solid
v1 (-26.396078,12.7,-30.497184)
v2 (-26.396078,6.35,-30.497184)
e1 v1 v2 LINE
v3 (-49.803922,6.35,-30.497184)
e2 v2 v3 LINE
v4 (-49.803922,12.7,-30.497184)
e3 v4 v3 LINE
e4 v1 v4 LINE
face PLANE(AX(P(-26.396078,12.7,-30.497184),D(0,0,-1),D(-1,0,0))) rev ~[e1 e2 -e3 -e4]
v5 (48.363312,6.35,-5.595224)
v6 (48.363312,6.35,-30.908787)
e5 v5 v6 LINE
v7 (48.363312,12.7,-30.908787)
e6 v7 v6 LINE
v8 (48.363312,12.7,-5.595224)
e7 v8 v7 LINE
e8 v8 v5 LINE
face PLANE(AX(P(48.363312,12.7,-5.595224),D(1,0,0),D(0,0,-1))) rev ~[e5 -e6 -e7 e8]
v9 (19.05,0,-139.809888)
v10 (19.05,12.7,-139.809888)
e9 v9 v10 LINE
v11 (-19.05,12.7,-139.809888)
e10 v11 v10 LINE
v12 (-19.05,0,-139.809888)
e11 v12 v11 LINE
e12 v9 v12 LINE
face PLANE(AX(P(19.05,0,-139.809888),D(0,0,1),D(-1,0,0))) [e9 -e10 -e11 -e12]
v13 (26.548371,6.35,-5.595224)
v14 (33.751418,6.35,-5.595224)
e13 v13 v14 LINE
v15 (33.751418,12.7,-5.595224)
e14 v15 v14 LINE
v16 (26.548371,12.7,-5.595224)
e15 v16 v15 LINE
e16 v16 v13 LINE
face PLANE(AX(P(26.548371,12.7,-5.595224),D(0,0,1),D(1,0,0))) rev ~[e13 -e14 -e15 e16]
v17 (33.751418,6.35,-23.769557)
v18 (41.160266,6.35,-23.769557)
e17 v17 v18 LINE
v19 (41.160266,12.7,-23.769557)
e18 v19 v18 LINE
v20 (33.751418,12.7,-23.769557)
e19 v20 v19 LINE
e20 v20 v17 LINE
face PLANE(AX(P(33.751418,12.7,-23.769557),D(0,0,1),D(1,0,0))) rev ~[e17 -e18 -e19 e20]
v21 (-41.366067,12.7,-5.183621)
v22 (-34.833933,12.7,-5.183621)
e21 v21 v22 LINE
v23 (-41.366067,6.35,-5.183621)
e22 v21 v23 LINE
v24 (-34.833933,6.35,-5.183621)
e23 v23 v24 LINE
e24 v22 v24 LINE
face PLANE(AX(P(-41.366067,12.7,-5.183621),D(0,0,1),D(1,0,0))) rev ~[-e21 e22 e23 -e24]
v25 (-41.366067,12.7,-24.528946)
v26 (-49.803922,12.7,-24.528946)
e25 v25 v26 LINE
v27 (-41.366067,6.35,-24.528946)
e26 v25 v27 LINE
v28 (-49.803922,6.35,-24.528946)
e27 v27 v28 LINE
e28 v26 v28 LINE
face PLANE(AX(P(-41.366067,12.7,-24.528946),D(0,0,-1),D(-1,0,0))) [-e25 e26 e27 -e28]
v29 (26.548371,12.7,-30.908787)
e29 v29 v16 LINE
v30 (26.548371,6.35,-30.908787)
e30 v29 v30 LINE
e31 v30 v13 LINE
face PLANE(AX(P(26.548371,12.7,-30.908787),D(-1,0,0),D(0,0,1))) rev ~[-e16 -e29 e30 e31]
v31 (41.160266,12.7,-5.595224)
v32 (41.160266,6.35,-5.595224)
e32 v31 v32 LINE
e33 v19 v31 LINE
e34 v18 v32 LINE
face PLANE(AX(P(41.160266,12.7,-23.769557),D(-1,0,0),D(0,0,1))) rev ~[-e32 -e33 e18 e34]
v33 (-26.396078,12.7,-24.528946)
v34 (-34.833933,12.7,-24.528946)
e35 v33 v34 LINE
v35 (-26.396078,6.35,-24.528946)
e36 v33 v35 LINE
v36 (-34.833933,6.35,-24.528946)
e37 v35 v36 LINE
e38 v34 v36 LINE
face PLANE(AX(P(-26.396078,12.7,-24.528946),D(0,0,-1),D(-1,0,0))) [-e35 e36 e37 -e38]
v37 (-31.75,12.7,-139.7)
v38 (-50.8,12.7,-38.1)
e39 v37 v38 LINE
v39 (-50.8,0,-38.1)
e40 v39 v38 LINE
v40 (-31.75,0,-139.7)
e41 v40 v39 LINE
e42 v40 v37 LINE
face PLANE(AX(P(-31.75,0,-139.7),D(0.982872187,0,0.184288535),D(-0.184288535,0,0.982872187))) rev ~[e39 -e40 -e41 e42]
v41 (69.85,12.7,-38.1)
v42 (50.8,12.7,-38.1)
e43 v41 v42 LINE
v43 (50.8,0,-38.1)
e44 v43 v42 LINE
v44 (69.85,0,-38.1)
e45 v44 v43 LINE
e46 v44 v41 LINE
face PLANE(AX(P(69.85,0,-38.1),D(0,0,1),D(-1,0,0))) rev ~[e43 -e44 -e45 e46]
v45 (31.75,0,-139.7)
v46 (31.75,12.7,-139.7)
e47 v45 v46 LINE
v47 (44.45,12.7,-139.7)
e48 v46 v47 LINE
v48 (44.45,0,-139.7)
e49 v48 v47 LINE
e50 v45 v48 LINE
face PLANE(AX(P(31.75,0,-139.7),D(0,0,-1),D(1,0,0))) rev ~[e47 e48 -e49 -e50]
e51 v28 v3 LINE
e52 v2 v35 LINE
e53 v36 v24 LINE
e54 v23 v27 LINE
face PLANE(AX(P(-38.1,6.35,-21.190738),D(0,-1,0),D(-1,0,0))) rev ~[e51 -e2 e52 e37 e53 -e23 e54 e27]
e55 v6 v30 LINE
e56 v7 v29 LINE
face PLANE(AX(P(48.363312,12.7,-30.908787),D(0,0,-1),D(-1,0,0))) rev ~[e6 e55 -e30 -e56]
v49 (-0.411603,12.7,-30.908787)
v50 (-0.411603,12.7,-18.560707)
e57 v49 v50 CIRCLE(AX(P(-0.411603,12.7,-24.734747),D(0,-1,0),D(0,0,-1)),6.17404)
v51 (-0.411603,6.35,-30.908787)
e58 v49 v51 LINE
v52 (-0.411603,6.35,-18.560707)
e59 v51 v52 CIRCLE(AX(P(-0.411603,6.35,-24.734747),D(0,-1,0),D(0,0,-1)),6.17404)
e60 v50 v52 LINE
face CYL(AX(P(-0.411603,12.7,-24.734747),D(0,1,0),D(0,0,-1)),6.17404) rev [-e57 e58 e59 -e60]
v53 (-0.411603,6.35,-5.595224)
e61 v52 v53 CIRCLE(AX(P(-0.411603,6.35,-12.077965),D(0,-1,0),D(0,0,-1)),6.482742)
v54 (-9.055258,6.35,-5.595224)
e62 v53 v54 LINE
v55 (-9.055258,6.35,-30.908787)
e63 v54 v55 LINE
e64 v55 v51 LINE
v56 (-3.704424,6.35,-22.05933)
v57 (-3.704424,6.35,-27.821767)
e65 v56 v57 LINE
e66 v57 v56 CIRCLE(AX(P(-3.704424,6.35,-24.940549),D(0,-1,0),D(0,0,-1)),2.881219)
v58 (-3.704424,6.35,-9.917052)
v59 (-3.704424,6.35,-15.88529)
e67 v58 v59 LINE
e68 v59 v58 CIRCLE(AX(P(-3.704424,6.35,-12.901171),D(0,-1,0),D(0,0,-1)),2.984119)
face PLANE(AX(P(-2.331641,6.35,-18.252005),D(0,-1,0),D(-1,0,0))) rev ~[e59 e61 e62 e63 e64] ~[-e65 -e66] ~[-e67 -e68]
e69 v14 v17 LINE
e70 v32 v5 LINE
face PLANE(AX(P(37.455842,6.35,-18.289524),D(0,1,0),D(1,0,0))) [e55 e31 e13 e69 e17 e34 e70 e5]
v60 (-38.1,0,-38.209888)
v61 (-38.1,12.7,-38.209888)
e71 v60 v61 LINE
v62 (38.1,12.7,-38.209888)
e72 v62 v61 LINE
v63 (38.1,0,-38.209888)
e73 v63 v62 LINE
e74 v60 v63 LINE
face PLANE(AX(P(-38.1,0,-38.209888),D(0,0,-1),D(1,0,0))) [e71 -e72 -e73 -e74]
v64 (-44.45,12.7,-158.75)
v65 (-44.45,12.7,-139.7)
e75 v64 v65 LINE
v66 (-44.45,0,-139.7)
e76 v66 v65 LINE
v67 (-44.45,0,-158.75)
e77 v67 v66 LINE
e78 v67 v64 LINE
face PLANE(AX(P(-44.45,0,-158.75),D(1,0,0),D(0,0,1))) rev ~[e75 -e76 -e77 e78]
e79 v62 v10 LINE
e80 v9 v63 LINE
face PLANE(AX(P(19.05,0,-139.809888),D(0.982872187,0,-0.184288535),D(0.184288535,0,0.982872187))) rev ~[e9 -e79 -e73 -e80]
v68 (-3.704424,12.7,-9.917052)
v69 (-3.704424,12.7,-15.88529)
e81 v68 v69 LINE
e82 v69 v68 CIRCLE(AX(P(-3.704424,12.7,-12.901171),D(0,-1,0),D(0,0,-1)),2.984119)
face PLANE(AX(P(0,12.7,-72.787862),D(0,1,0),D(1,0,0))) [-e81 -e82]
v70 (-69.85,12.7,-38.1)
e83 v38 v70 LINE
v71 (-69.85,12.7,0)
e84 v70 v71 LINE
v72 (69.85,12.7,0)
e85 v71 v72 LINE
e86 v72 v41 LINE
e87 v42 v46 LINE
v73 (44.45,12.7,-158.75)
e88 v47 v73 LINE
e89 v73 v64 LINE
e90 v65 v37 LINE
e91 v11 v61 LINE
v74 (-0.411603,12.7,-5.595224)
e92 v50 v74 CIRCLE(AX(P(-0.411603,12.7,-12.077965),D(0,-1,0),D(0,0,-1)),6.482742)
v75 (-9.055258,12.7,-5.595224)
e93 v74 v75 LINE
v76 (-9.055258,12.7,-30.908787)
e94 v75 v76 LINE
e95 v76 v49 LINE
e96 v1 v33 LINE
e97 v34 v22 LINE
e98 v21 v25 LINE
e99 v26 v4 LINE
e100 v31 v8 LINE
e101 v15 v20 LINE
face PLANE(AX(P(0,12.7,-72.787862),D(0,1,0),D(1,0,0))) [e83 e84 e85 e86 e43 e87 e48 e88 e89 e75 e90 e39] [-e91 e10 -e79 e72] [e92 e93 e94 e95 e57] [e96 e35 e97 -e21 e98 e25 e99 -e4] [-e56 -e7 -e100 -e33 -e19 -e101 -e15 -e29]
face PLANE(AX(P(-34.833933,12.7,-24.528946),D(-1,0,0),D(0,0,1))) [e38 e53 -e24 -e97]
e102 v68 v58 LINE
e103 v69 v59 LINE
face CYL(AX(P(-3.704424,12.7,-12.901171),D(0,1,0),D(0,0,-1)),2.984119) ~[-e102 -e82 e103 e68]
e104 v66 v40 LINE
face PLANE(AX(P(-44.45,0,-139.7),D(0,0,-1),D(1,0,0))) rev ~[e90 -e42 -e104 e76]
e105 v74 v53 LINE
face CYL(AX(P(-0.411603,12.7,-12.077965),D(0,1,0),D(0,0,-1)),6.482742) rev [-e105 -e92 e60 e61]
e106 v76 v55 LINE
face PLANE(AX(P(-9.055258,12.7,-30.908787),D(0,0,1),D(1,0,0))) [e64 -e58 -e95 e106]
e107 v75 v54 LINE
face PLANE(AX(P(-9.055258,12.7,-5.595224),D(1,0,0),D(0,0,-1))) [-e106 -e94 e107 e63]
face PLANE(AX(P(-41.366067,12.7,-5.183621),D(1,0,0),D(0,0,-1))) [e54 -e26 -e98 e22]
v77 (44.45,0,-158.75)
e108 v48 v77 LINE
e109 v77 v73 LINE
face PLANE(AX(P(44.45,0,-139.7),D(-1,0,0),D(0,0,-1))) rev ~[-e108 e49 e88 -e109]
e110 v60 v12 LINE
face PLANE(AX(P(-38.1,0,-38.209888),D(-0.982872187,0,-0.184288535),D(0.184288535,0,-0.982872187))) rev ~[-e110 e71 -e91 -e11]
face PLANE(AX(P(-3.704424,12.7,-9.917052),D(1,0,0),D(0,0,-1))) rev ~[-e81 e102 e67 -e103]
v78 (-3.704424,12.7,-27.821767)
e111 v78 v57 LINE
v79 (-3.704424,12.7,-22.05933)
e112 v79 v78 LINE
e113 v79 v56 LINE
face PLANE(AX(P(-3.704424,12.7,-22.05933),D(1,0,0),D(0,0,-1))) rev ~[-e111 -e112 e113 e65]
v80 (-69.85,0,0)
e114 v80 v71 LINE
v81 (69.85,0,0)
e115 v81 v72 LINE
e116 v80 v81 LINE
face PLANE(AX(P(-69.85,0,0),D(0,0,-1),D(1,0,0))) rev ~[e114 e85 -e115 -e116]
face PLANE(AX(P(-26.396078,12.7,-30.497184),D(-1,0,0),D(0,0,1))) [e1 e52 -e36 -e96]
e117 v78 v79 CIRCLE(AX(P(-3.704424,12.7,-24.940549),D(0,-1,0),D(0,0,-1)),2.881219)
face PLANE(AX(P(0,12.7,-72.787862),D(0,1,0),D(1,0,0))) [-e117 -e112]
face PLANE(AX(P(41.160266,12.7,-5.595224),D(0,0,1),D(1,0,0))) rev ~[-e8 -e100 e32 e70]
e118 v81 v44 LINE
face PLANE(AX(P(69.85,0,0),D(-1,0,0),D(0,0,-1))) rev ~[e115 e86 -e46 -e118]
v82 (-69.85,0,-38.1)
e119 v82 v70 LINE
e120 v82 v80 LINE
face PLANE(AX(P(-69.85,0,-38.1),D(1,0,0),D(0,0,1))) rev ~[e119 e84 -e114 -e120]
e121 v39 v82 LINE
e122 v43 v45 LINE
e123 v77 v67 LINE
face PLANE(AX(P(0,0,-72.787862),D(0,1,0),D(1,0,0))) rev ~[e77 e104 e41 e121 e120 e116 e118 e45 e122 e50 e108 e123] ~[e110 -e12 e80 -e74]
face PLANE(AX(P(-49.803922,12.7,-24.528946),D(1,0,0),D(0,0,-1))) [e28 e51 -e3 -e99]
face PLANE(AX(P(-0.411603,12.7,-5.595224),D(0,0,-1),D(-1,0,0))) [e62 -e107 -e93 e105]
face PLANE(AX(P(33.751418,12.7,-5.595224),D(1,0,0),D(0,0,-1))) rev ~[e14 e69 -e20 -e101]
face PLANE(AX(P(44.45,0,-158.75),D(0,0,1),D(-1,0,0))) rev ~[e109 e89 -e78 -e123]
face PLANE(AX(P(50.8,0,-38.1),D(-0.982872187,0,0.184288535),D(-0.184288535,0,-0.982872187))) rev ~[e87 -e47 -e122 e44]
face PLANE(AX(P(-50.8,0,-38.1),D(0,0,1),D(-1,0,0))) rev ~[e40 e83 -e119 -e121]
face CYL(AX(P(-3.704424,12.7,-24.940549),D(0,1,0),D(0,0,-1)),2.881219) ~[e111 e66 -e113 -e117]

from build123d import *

# Parameters (mm, degrees)
BOSS_EXTRUDE1_DEPTH     = 12.7
CUT_EXTRUDE2_DEPTH      = 33.274
CUT_EXTRUDE2_DEPTH_BACK = 25.4
CUT_EXTRUDE3_DEPTH      = 6.35
CUT_EXTRUDE4_DEPTH      = 6.35
CUT_EXTRUDE5_DEPTH      = 6.35


with BuildPart() as part:
    # Sketch1 → Boss-Extrude1 (new body)
    with BuildSketch(Plane(origin=(0, 0, 0), x_dir=(1, 0, 0), z_dir=(0, 1, 0))):
        Polygon((-69.85, 0), (0, 0), (69.85, 0), (69.85, 38.1), (50.8, 38.1), (31.75, 139.7), (44.45, 139.7), (44.45, 158.75), (0, 158.75), (-44.45, 158.75), (-44.45, 139.7), (-31.75, 139.7), (-50.8, 38.1), (-69.85, 38.1), align=None)
    extrude(amount=BOSS_EXTRUDE1_DEPTH)

    # Sketch3 → Cut-Extrude2 (cut, two sides)
    with BuildSketch(Plane(origin=(0, 0, 0), x_dir=(1, 0, 0), z_dir=(0, 1, 0))) as cut_extrude2_sk:
        Polygon((0, 38.209887603), (-38.1, 38.209887603), (-19.05, 139.809887603), (0, 139.809887603), (19.05, 139.809887603), (38.1, 38.209887603), align=None)
    extrude(amount=CUT_EXTRUDE2_DEPTH, mode=Mode.SUBTRACT)
    extrude(cut_extrude2_sk.sketch, amount=-CUT_EXTRUDE2_DEPTH_BACK, mode=Mode.SUBTRACT)

    # Sketch4 → Cut-Extrude3 (cut)
    with BuildSketch(Plane(origin=(0, 12.7, 0), x_dir=(1, 0, 0), z_dir=(0, 1, 0))):
        Polygon((-38.1, 30.497184411), (-26.396078431, 30.497184411), (-26.396078431, 24.528945876), (-34.833932912, 24.528945876), (-34.833932912, 5.183620969), (-38.1, 5.183620969), (-41.366067088, 5.183620969), (-41.366067088, 24.528945876), (-49.803921569, 24.528945876), (-49.803921569, 30.497184411), align=None)
    extrude(amount=-CUT_EXTRUDE3_DEPTH, mode=Mode.SUBTRACT)

    # Sketch5 → Cut-Extrude4 (cut)
    with BuildSketch(Plane(origin=(0, 12.7, 0), x_dir=(1, 0, 0), z_dir=(0, 1, 0))):
        with BuildLine():
            Line((-9.055258467, 5.595223627), (-9.055258467, 30.908787069))
            Line((-9.055258467, 30.908787069), (-0.411602658, 30.908787069))
            ThreePointArc((-0.411602658, 30.908787069), (5.762437206, 24.734747205), (-0.411602658, 18.560707341))
            ThreePointArc((-0.411602658, 18.560707341), (6.071139199, 12.077965484), (-0.411602658, 5.595223627))
            Line((-0.411602658, 5.595223627), (-9.055258467, 5.595223627))
        make_face()
        with BuildLine():
            Line((-3.704423918, 9.917051531), (-3.704423918, 15.885290066))
            ThreePointArc((-3.704423918, 15.885290066), (-0.720304651, 12.901170799), (-3.704423918, 9.917051531))
        make_face(mode=Mode.SUBTRACT)
        with BuildLine():
            Line((-3.704423918, 22.05932993), (-3.704423918, 27.821767137))
            ThreePointArc((-3.704423918, 27.821767137), (-0.823205315, 24.940548533), (-3.704423918, 22.05932993))
        make_face(mode=Mode.SUBTRACT)
    extrude(amount=-CUT_EXTRUDE4_DEPTH, mode=Mode.SUBTRACT)

    # Sketch6 → Cut-Extrude5 (cut)
    with BuildSketch(Plane(origin=(0, 12.7, 0), x_dir=(1, 0, 0), z_dir=(0, 1, 0))):
        Polygon((26.548371415, 5.595223627), (33.751417923, 5.595223627), (33.751417923, 23.769556722), (41.160265759, 23.769556722), (41.160265759, 5.595223627), (48.363312267, 5.595223627), (48.363312267, 30.908787069), (26.548371415, 30.908787069), align=None)
    extrude(amount=-CUT_EXTRUDE5_DEPTH, mode=Mode.SUBTRACT)


solid = part.part
